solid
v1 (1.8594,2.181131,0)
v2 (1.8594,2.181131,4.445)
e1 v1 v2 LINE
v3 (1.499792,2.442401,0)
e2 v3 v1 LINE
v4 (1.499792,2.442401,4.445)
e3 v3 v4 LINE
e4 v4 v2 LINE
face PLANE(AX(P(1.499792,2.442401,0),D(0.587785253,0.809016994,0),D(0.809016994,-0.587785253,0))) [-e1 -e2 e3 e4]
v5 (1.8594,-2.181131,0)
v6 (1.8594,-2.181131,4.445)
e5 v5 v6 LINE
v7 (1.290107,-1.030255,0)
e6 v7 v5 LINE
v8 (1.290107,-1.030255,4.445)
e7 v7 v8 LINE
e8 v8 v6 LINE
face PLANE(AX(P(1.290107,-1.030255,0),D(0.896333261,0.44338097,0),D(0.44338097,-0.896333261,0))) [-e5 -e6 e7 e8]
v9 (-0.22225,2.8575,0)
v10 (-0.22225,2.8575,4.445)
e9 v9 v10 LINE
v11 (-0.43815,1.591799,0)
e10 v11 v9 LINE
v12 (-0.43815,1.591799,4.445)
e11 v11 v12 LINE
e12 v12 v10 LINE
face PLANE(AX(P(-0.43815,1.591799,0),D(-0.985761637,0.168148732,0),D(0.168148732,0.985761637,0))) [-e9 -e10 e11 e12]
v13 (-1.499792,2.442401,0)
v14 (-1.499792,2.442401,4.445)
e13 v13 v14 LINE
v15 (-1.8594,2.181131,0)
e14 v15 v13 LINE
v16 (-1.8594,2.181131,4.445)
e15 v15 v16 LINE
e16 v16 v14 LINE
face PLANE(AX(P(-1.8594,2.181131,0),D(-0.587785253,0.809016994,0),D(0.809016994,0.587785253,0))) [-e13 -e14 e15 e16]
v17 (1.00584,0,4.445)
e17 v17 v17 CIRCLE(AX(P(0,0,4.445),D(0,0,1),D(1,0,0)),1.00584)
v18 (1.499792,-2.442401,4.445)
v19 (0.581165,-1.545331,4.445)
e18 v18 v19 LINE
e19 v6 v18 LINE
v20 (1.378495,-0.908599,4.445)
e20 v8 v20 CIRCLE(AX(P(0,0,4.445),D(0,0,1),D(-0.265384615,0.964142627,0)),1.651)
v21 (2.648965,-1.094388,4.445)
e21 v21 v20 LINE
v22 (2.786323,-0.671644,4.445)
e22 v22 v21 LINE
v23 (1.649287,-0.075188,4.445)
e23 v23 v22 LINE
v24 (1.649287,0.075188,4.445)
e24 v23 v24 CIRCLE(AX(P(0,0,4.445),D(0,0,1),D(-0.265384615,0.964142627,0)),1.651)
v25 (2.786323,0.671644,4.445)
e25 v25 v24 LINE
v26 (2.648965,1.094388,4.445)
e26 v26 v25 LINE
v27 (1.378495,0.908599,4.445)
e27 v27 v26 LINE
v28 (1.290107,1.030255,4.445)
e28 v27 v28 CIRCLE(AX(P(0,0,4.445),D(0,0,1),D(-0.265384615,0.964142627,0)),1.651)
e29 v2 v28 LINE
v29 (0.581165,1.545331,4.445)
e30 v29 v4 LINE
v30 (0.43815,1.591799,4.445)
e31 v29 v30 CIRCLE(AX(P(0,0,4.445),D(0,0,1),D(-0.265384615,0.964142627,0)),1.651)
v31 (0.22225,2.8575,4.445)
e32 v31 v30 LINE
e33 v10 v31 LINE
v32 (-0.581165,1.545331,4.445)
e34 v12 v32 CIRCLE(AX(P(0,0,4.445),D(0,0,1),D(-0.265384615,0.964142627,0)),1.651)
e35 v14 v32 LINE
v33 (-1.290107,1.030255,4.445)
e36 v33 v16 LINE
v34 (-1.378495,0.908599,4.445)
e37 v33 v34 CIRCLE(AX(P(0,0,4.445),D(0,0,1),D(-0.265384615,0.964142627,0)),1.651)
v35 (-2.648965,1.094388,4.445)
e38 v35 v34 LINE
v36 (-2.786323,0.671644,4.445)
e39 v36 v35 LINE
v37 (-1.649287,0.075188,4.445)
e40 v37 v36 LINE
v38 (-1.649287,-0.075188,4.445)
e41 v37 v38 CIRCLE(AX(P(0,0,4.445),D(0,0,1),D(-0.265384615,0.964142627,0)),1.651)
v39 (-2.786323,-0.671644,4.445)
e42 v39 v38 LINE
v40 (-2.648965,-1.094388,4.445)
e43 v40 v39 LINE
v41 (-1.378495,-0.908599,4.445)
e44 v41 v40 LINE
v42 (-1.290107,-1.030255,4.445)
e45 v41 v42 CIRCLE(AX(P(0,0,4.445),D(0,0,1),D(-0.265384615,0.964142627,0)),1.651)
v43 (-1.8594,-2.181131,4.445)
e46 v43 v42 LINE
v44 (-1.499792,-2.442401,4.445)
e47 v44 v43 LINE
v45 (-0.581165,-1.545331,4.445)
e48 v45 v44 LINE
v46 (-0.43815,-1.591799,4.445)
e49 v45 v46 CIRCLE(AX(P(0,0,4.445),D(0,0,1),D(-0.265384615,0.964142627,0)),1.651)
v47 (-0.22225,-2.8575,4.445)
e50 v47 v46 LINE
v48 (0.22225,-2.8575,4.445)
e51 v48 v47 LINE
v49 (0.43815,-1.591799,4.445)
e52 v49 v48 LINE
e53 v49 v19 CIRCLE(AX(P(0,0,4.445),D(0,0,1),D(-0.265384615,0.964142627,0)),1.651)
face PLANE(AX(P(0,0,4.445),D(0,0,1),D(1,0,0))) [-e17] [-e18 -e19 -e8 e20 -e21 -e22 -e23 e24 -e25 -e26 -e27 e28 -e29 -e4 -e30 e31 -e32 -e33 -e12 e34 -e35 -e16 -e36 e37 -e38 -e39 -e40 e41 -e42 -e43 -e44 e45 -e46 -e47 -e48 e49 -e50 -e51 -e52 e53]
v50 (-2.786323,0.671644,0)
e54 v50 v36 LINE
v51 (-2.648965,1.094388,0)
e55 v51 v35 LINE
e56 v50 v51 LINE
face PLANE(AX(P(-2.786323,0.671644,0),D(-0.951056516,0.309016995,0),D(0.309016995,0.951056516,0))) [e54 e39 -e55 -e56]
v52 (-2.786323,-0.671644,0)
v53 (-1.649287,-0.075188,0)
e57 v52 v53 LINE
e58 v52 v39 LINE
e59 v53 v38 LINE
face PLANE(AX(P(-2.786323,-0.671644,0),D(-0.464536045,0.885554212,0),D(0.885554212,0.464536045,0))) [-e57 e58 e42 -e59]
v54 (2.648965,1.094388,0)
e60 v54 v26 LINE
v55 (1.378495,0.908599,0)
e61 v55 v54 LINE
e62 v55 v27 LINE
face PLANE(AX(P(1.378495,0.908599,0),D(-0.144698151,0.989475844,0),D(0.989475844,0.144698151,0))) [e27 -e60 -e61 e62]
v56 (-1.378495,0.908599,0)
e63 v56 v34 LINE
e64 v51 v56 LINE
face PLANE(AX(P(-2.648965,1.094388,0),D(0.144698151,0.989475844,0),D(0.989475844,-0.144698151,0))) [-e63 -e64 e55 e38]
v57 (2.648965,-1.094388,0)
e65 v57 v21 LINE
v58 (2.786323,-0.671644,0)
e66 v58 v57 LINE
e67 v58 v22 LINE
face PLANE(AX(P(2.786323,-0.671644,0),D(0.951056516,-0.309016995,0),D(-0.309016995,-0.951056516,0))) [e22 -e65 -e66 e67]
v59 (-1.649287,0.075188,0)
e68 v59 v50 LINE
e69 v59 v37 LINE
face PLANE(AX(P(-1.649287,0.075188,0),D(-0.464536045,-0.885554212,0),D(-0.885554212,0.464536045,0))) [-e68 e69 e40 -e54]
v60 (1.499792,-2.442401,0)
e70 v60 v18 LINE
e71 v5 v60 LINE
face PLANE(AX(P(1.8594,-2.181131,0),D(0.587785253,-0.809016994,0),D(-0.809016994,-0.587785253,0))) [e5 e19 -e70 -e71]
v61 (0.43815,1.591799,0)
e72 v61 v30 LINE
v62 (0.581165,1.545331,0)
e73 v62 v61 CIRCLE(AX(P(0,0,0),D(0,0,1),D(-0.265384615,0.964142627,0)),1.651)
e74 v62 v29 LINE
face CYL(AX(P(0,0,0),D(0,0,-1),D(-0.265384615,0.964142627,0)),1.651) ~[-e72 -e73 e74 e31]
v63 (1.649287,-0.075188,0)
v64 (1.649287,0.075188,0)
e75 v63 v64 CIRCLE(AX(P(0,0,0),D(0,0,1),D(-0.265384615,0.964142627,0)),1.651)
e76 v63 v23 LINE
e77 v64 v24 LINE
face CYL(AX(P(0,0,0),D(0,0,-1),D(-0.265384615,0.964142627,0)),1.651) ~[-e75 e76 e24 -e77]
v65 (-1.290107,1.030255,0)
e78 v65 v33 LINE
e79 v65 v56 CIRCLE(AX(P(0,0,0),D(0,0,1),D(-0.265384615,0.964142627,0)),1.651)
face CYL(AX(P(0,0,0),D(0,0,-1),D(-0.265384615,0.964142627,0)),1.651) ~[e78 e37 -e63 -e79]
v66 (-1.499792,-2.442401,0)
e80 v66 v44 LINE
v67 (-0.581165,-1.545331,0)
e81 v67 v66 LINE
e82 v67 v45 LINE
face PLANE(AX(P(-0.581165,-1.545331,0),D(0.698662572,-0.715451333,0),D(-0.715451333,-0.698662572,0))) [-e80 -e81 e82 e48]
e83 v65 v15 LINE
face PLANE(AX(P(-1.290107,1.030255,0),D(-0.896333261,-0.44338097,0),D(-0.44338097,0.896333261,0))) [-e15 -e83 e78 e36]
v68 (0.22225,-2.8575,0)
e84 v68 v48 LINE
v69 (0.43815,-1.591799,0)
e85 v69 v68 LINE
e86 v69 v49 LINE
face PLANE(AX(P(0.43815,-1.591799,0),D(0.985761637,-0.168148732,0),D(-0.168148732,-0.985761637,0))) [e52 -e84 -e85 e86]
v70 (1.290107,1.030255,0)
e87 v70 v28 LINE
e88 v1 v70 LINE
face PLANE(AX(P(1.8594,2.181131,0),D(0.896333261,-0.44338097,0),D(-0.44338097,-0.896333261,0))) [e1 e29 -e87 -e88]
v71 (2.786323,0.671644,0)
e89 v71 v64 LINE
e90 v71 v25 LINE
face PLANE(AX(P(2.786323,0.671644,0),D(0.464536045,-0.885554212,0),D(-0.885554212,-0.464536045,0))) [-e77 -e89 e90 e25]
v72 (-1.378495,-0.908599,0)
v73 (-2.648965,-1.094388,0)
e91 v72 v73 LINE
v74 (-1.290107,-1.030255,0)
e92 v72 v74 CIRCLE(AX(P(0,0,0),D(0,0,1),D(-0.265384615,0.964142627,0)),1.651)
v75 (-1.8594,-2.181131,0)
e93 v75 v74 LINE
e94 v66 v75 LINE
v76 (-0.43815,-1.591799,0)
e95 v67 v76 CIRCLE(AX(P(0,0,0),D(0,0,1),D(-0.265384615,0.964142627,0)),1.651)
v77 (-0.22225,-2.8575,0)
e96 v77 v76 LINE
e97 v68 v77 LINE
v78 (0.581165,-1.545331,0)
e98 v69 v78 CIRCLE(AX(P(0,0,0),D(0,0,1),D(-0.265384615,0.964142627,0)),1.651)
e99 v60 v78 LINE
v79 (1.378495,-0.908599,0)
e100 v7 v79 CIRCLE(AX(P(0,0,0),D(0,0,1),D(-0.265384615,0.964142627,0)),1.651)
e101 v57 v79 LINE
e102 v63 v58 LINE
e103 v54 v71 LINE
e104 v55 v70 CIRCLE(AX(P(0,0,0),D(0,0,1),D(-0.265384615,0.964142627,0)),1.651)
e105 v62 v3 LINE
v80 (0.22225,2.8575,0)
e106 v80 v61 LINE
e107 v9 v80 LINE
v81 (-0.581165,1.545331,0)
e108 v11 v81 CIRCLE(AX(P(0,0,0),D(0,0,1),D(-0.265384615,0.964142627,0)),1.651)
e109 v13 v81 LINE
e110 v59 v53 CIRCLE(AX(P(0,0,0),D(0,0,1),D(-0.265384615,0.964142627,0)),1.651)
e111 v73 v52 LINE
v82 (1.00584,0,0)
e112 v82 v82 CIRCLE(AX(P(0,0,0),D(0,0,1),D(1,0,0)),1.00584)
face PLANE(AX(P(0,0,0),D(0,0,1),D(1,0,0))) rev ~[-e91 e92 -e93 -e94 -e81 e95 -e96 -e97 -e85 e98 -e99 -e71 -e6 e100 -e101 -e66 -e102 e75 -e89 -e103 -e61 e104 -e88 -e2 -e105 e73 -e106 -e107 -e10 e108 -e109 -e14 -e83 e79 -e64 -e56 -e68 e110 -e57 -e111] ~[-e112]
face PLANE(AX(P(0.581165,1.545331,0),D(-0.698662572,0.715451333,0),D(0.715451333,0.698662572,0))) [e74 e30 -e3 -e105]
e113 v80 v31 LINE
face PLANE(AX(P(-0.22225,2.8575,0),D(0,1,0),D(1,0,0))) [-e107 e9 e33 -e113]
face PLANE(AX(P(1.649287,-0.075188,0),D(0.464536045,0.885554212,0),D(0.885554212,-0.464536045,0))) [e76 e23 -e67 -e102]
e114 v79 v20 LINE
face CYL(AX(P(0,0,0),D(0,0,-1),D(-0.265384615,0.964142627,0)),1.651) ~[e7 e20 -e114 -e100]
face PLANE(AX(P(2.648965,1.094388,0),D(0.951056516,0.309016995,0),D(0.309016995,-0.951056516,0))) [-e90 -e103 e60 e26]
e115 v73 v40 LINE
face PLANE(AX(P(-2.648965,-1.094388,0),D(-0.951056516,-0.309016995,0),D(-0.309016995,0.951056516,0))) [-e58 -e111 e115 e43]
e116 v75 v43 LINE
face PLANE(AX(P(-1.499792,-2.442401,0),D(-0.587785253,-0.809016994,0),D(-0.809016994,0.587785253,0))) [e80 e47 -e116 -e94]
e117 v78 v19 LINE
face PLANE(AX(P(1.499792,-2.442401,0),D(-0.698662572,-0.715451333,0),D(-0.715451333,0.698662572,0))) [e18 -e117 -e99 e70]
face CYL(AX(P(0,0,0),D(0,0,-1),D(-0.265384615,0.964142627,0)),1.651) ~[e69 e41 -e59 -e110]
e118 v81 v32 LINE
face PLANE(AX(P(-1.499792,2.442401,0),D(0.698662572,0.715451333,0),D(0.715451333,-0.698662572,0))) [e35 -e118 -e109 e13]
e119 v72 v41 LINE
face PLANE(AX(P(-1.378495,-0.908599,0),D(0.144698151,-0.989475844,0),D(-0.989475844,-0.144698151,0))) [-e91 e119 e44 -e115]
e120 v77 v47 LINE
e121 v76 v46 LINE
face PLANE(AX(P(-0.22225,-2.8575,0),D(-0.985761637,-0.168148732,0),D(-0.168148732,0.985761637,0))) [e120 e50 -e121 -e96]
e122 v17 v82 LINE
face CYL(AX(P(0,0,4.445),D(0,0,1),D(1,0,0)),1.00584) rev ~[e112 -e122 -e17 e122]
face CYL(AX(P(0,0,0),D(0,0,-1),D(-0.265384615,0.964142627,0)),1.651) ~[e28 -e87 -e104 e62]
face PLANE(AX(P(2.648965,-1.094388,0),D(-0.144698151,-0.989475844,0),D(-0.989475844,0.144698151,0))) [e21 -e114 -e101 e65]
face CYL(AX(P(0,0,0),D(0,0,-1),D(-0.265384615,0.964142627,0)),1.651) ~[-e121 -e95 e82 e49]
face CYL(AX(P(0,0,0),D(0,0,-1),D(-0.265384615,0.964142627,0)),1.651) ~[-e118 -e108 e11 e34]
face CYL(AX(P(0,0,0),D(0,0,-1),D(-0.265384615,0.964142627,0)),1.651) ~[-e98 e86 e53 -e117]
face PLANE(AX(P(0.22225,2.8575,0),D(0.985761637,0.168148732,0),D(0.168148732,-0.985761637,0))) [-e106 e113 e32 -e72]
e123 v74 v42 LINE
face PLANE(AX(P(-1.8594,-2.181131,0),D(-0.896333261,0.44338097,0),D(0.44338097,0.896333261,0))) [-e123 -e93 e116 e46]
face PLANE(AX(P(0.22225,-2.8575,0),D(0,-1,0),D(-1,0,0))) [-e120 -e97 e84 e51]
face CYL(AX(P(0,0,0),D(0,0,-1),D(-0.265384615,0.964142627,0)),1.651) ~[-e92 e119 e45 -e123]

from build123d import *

# Parameters (mm, degrees)
SKETCH1_R           = 1.651
BOSS_EXTRUDE1_DEPTH = 4.445
SKETCH2_R           = 1.00584
CUT_EXTRUDE1_DEPTH  = 6.973853634


with BuildPart() as part:
    # Sketch1 → Boss-Extrude1 (new body)
    with BuildSketch(Plane.XY):
        Circle(SKETCH1_R)
        Polygon((-0.22225, 2.8575), (0.22225, 2.8575), (0.43815, 1.591799478), (-0.43815, 1.591799478), align=None)
        Polygon((1.859400385, 2.181130789), (1.290107054, 1.030254721), (0.581165462, 1.545330937), (1.499792331, 2.442401334), align=None)
        Polygon((2.786323022, 0.671643751), (1.649287062, 0.075187678), (1.37849547, 0.908598503), (2.648964968, 1.094388372), align=None)
        Polygon((2.648964968, -1.094388372), (1.37849547, -0.908598503), (1.649287062, -0.075187678), (2.786323022, -0.671643751), align=None)
        Polygon((1.499792331, -2.442401334), (0.581165462, -1.545330937), (1.290107054, -1.030254721), (1.859400385, -2.181130789), align=None)
        Polygon((-0.22225, -2.8575), (-0.43815, -1.591799478), (0.43815, -1.591799478), (0.22225, -2.8575), align=None)
        Polygon((-1.859400385, -2.181130789), (-1.290107054, -1.030254721), (-0.581165462, -1.545330937), (-1.499792331, -2.442401334), align=None)
        Polygon((-2.786323022, -0.671643751), (-1.649287062, -0.075187678), (-1.37849547, -0.908598503), (-2.648964968, -1.094388372), align=None)
        Polygon((-2.648964968, 1.094388372), (-1.37849547, 0.908598503), (-1.649287062, 0.075187678), (-2.786323022, 0.671643751), align=None)
        Polygon((-1.499792331, 2.442401334), (-0.581165462, 1.545330937), (-1.290107054, 1.030254721), (-1.859400385, 2.181130789), align=None)
    extrude(amount=BOSS_EXTRUDE1_DEPTH)

    # Sketch2 → Cut-Extrude1 (cut, through all)
    with BuildSketch(Plane.XY.offset(4.445)):
        Circle(SKETCH2_R)
    extrude(amount=-CUT_EXTRUDE1_DEPTH, mode=Mode.SUBTRACT)


solid = part.part
